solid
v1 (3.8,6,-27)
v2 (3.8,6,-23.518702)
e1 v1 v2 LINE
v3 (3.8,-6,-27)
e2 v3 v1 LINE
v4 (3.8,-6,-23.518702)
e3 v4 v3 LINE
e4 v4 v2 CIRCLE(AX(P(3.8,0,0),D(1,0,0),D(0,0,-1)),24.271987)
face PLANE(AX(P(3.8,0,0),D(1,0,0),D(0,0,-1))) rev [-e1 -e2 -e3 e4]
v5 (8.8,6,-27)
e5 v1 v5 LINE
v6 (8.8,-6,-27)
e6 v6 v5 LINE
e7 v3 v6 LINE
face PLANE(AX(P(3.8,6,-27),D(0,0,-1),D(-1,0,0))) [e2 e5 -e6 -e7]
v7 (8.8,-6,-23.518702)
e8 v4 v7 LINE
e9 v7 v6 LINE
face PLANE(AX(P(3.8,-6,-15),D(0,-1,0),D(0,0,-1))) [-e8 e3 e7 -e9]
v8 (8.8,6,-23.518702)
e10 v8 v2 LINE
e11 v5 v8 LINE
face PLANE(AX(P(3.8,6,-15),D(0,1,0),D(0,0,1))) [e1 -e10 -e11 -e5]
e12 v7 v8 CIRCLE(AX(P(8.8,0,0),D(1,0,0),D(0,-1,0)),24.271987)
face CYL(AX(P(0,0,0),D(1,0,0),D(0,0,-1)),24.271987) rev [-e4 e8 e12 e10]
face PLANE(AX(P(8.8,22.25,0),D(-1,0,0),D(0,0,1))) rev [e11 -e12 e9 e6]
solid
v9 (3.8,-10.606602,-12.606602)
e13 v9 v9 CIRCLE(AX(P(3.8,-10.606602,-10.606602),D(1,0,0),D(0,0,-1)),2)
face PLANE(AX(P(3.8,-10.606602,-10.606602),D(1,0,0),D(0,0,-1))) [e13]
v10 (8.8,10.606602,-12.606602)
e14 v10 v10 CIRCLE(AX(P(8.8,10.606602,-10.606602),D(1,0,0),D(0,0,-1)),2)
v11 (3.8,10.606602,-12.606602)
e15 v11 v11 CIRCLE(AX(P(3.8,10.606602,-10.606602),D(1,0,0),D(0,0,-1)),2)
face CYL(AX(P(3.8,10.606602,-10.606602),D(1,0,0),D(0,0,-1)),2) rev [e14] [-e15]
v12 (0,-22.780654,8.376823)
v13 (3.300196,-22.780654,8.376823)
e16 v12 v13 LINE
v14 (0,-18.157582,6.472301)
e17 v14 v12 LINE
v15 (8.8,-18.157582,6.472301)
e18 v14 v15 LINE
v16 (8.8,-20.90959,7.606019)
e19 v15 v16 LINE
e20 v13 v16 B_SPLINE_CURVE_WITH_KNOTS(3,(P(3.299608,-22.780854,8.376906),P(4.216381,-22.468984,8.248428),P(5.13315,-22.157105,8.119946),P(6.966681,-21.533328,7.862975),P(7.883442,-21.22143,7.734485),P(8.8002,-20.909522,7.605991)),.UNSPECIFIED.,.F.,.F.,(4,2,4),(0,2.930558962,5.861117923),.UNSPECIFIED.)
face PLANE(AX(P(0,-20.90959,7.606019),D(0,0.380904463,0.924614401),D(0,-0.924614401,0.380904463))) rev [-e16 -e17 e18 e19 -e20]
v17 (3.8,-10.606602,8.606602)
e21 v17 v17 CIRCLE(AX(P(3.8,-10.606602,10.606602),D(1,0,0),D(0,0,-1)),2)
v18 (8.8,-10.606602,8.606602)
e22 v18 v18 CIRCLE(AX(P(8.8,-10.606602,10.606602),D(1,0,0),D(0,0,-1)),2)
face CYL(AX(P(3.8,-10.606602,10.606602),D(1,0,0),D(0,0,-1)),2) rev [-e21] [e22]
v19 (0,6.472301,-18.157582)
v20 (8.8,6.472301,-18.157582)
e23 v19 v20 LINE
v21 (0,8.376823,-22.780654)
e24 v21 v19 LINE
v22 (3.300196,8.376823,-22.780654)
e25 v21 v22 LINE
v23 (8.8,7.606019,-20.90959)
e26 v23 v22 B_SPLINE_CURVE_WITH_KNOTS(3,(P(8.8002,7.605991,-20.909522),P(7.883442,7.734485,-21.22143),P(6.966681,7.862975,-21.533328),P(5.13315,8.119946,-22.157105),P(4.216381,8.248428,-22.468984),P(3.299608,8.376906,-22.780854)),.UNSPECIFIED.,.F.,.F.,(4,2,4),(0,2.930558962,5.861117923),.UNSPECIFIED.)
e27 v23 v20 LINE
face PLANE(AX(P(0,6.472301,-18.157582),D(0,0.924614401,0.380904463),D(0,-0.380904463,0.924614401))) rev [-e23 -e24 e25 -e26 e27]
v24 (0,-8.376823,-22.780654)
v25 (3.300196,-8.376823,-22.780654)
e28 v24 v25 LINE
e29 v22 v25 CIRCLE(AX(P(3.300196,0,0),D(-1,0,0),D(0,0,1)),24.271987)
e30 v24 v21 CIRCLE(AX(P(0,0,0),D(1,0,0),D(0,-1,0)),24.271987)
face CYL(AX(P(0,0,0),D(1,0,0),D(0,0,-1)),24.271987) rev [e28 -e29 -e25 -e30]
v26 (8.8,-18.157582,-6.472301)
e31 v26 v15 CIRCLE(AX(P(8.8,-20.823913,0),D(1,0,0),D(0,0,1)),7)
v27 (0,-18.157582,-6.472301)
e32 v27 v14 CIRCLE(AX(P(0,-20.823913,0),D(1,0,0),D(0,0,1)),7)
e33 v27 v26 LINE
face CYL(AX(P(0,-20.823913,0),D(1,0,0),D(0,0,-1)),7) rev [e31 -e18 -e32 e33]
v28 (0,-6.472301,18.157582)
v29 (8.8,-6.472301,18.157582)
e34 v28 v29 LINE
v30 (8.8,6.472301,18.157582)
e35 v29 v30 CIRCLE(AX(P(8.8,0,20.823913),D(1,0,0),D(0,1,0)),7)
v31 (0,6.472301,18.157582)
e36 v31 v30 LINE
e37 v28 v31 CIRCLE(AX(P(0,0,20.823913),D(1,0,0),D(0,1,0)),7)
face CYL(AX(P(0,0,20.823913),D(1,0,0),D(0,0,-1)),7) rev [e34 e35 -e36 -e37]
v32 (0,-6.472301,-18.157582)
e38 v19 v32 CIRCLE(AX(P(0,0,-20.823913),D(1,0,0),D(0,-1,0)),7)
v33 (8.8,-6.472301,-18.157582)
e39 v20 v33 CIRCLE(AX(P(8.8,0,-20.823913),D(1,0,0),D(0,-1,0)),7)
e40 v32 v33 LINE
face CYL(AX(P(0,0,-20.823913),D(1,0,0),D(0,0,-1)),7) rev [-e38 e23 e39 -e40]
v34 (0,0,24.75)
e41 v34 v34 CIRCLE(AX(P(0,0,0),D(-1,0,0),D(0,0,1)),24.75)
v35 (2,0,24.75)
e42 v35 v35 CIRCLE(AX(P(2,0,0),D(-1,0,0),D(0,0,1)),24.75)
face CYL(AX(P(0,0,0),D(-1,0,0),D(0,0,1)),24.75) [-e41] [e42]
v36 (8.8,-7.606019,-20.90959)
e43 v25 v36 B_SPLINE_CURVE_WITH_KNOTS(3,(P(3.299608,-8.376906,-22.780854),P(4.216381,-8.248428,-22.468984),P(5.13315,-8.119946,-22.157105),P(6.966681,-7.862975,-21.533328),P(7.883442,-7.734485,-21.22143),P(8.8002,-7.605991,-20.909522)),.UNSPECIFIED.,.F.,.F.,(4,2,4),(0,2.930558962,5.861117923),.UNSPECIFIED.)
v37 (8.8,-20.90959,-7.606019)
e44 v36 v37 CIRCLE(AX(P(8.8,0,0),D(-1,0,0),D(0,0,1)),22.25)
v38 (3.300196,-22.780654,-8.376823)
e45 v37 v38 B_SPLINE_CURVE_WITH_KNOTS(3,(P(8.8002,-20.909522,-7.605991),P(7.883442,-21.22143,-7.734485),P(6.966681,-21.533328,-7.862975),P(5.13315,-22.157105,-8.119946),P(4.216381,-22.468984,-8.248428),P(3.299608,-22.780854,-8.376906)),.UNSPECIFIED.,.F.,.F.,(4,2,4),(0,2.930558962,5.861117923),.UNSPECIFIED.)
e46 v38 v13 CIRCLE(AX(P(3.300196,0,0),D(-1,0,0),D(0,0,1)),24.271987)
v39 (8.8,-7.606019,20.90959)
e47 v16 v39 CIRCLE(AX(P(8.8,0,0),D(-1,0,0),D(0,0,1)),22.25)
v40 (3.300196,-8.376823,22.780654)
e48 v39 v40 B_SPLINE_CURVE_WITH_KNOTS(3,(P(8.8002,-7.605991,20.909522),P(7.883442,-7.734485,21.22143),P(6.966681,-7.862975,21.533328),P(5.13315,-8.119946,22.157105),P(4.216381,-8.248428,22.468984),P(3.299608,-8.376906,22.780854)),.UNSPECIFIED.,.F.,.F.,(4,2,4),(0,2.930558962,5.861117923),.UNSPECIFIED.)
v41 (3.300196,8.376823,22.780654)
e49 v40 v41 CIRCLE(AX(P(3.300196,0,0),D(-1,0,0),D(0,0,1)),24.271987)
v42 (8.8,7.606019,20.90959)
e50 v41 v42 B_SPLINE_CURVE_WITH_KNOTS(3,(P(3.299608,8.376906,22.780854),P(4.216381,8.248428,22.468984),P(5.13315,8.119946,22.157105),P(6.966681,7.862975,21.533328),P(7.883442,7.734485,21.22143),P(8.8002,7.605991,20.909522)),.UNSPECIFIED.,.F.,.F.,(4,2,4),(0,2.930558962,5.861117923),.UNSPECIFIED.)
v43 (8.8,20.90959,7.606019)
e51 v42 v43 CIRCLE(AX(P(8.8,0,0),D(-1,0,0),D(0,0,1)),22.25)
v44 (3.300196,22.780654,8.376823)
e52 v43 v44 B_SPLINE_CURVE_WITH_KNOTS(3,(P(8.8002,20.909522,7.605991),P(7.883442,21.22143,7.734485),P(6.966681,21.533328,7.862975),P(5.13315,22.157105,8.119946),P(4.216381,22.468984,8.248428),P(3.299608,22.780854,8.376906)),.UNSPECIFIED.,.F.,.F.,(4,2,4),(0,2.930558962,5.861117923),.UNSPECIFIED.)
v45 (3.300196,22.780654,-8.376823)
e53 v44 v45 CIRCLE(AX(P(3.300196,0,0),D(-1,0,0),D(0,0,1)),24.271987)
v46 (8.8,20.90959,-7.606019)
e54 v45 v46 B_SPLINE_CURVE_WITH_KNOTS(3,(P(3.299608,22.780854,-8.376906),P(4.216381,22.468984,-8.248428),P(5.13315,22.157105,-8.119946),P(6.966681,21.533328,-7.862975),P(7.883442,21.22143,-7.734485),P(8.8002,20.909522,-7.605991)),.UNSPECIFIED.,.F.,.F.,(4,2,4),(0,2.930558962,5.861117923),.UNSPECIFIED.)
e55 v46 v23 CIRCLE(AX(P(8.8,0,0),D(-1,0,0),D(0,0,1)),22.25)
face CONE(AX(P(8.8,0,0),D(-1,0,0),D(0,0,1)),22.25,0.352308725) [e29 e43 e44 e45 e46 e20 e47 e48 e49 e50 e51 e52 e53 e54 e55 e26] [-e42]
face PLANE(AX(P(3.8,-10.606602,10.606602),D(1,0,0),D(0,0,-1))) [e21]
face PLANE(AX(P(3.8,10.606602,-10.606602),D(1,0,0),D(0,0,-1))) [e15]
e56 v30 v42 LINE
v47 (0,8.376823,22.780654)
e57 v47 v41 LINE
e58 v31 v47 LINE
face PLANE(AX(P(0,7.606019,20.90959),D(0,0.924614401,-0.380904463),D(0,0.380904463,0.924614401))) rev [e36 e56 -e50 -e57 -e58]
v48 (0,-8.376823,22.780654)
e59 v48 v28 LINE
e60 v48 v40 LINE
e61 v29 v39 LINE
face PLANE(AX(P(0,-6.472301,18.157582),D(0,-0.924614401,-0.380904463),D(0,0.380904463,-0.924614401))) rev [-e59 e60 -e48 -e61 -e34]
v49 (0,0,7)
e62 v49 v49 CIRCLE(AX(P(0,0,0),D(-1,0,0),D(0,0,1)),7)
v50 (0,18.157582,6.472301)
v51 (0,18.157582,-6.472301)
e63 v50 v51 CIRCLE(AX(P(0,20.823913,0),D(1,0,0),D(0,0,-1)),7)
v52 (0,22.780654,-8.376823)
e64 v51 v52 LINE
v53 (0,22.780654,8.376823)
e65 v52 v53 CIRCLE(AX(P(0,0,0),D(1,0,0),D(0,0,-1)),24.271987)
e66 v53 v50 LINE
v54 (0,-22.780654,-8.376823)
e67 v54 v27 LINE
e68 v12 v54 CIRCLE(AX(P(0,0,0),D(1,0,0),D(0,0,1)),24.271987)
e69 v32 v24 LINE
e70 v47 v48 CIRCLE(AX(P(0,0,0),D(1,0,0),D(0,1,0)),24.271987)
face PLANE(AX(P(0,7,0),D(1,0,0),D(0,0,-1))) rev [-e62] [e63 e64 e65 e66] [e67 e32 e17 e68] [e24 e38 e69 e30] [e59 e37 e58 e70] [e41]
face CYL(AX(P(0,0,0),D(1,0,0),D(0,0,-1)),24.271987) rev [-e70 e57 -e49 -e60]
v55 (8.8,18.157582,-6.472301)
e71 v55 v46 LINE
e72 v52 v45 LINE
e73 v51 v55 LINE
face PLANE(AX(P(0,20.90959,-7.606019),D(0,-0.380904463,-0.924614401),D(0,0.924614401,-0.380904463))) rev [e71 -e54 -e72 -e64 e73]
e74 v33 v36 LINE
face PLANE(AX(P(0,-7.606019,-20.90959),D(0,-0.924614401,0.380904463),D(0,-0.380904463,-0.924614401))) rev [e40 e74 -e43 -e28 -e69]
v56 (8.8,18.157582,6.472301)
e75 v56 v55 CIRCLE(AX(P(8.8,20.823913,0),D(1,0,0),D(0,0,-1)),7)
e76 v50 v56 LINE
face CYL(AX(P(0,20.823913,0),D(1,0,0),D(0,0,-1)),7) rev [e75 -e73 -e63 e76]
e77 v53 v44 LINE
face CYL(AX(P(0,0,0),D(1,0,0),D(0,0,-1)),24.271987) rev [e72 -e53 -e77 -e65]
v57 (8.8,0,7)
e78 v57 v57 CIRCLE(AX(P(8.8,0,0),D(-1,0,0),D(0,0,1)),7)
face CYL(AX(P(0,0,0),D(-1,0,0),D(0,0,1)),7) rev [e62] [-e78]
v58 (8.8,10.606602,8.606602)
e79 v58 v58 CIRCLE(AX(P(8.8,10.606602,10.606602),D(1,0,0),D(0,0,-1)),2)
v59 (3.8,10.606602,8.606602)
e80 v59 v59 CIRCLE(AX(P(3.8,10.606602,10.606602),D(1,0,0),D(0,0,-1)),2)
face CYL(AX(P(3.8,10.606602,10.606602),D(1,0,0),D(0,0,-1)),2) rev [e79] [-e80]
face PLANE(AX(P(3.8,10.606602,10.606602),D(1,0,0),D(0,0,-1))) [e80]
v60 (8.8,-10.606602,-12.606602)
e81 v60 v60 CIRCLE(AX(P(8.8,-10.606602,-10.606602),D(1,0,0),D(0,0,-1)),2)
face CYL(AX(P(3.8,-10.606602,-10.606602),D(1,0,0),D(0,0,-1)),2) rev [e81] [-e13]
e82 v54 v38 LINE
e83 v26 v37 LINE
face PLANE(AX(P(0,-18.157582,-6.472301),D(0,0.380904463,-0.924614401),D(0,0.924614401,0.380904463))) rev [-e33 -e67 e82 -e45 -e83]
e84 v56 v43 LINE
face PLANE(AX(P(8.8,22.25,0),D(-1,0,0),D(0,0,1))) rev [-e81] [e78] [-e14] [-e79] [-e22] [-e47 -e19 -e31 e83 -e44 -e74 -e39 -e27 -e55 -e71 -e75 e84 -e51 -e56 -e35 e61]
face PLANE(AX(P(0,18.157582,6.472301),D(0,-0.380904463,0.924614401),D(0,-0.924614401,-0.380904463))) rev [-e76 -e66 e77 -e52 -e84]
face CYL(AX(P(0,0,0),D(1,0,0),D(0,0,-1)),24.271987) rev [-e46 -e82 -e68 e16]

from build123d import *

# Parameters (mm, degrees)
SKETCH3_R           = 2
CUT_EXTRUDE1_DEPTH  = 5
SKETCH4_W           = 12
SKETCH4_H           = 12
BOSS_EXTRUDE1_DEPTH = 5
CUT_EXTRUDE2_DEPTH  = 38.669649587
CIRPATTERN1_COUNT   = 4


with BuildPart() as part:
    # Sketch2 → Revolve1 (revolve)
    with BuildSketch(Plane.XY, mode=Mode.PRIVATE) as revolve1_sk:
        Polygon((0, 24.75), (2, 24.75), (8.8, 22.25), (8.8, 7), (0, 7), align=None)
    revolve(revolve1_sk.sketch.rotate(Axis((0, 0, 0), (1, 0, 0)), 90), axis=Axis((0, 0, 0), (1, 0, 0)))

    # Sketch3 → Cut-Extrude1 (cut)
    with BuildSketch(Plane(origin=(8.8, 0, 0), x_dir=(0, 0, -1), z_dir=(1, 0, 0))):
        with Locations((10.606601718, 10.606601718)):
            Circle(SKETCH3_R)
        with Locations((10.606601718, -10.606601718)):
            Circle(SKETCH3_R)
        with Locations((-10.606601718, -10.606601718)):
            Circle(SKETCH3_R)
        with Locations((-10.606601718, 10.606601718)):
            Circle(SKETCH3_R)
    extrude(amount=-CUT_EXTRUDE1_DEPTH, mode=Mode.SUBTRACT)

    # Sketch4 → Boss-Extrude1 (add)
    with BuildSketch(Plane(origin=(8.8, 0, 0), x_dir=(0, 0, -1), z_dir=(1, 0, 0))):
        with Locations((21, 0)):
            Rectangle(SKETCH4_W, SKETCH4_H)
    extrude(amount=-BOSS_EXTRUDE1_DEPTH)

    # Sketch6 → Cut-Extrude2 (cut, through all)
    with BuildSketch(Plane(origin=(8.8, 0, 0), x_dir=(0, 0, -1), z_dir=(1, 0, 0))):
        with BuildLine():
            Line((-6.472300805, 18.157581623), (-7.606019278, 20.909590401))
            Line((-7.606019278, 20.909590401), (-8.376823121, 22.780653627))
            ThreePointArc((-8.376823121, 22.780653627), (0, 24.271986842), (8.376823121, 22.780653627))
            Line((8.376823121, 22.780653627), (7.606019278, 20.909590401))
            Line((7.606019278, 20.909590401), (6.472300805, 18.157581623))
            ThreePointArc((6.472300805, 18.157581623), (0, 13.823912866), (-6.472300805, 18.157581623))
        make_face()
    cut_extrude2 = extrude(amount=-CUT_EXTRUDE2_DEPTH, mode=Mode.SUBTRACT)

    # CirPattern1: Cut-Extrude2 ×4 about axis
    cirpattern1_axis = Axis((0, 0, 0), (1, 0, 0))
    for i in range(1, CIRPATTERN1_COUNT):
        add(cut_extrude2.rotate(cirpattern1_axis, i * 360 / CIRPATTERN1_COUNT), mode=Mode.SUBTRACT)


solid = part.part
